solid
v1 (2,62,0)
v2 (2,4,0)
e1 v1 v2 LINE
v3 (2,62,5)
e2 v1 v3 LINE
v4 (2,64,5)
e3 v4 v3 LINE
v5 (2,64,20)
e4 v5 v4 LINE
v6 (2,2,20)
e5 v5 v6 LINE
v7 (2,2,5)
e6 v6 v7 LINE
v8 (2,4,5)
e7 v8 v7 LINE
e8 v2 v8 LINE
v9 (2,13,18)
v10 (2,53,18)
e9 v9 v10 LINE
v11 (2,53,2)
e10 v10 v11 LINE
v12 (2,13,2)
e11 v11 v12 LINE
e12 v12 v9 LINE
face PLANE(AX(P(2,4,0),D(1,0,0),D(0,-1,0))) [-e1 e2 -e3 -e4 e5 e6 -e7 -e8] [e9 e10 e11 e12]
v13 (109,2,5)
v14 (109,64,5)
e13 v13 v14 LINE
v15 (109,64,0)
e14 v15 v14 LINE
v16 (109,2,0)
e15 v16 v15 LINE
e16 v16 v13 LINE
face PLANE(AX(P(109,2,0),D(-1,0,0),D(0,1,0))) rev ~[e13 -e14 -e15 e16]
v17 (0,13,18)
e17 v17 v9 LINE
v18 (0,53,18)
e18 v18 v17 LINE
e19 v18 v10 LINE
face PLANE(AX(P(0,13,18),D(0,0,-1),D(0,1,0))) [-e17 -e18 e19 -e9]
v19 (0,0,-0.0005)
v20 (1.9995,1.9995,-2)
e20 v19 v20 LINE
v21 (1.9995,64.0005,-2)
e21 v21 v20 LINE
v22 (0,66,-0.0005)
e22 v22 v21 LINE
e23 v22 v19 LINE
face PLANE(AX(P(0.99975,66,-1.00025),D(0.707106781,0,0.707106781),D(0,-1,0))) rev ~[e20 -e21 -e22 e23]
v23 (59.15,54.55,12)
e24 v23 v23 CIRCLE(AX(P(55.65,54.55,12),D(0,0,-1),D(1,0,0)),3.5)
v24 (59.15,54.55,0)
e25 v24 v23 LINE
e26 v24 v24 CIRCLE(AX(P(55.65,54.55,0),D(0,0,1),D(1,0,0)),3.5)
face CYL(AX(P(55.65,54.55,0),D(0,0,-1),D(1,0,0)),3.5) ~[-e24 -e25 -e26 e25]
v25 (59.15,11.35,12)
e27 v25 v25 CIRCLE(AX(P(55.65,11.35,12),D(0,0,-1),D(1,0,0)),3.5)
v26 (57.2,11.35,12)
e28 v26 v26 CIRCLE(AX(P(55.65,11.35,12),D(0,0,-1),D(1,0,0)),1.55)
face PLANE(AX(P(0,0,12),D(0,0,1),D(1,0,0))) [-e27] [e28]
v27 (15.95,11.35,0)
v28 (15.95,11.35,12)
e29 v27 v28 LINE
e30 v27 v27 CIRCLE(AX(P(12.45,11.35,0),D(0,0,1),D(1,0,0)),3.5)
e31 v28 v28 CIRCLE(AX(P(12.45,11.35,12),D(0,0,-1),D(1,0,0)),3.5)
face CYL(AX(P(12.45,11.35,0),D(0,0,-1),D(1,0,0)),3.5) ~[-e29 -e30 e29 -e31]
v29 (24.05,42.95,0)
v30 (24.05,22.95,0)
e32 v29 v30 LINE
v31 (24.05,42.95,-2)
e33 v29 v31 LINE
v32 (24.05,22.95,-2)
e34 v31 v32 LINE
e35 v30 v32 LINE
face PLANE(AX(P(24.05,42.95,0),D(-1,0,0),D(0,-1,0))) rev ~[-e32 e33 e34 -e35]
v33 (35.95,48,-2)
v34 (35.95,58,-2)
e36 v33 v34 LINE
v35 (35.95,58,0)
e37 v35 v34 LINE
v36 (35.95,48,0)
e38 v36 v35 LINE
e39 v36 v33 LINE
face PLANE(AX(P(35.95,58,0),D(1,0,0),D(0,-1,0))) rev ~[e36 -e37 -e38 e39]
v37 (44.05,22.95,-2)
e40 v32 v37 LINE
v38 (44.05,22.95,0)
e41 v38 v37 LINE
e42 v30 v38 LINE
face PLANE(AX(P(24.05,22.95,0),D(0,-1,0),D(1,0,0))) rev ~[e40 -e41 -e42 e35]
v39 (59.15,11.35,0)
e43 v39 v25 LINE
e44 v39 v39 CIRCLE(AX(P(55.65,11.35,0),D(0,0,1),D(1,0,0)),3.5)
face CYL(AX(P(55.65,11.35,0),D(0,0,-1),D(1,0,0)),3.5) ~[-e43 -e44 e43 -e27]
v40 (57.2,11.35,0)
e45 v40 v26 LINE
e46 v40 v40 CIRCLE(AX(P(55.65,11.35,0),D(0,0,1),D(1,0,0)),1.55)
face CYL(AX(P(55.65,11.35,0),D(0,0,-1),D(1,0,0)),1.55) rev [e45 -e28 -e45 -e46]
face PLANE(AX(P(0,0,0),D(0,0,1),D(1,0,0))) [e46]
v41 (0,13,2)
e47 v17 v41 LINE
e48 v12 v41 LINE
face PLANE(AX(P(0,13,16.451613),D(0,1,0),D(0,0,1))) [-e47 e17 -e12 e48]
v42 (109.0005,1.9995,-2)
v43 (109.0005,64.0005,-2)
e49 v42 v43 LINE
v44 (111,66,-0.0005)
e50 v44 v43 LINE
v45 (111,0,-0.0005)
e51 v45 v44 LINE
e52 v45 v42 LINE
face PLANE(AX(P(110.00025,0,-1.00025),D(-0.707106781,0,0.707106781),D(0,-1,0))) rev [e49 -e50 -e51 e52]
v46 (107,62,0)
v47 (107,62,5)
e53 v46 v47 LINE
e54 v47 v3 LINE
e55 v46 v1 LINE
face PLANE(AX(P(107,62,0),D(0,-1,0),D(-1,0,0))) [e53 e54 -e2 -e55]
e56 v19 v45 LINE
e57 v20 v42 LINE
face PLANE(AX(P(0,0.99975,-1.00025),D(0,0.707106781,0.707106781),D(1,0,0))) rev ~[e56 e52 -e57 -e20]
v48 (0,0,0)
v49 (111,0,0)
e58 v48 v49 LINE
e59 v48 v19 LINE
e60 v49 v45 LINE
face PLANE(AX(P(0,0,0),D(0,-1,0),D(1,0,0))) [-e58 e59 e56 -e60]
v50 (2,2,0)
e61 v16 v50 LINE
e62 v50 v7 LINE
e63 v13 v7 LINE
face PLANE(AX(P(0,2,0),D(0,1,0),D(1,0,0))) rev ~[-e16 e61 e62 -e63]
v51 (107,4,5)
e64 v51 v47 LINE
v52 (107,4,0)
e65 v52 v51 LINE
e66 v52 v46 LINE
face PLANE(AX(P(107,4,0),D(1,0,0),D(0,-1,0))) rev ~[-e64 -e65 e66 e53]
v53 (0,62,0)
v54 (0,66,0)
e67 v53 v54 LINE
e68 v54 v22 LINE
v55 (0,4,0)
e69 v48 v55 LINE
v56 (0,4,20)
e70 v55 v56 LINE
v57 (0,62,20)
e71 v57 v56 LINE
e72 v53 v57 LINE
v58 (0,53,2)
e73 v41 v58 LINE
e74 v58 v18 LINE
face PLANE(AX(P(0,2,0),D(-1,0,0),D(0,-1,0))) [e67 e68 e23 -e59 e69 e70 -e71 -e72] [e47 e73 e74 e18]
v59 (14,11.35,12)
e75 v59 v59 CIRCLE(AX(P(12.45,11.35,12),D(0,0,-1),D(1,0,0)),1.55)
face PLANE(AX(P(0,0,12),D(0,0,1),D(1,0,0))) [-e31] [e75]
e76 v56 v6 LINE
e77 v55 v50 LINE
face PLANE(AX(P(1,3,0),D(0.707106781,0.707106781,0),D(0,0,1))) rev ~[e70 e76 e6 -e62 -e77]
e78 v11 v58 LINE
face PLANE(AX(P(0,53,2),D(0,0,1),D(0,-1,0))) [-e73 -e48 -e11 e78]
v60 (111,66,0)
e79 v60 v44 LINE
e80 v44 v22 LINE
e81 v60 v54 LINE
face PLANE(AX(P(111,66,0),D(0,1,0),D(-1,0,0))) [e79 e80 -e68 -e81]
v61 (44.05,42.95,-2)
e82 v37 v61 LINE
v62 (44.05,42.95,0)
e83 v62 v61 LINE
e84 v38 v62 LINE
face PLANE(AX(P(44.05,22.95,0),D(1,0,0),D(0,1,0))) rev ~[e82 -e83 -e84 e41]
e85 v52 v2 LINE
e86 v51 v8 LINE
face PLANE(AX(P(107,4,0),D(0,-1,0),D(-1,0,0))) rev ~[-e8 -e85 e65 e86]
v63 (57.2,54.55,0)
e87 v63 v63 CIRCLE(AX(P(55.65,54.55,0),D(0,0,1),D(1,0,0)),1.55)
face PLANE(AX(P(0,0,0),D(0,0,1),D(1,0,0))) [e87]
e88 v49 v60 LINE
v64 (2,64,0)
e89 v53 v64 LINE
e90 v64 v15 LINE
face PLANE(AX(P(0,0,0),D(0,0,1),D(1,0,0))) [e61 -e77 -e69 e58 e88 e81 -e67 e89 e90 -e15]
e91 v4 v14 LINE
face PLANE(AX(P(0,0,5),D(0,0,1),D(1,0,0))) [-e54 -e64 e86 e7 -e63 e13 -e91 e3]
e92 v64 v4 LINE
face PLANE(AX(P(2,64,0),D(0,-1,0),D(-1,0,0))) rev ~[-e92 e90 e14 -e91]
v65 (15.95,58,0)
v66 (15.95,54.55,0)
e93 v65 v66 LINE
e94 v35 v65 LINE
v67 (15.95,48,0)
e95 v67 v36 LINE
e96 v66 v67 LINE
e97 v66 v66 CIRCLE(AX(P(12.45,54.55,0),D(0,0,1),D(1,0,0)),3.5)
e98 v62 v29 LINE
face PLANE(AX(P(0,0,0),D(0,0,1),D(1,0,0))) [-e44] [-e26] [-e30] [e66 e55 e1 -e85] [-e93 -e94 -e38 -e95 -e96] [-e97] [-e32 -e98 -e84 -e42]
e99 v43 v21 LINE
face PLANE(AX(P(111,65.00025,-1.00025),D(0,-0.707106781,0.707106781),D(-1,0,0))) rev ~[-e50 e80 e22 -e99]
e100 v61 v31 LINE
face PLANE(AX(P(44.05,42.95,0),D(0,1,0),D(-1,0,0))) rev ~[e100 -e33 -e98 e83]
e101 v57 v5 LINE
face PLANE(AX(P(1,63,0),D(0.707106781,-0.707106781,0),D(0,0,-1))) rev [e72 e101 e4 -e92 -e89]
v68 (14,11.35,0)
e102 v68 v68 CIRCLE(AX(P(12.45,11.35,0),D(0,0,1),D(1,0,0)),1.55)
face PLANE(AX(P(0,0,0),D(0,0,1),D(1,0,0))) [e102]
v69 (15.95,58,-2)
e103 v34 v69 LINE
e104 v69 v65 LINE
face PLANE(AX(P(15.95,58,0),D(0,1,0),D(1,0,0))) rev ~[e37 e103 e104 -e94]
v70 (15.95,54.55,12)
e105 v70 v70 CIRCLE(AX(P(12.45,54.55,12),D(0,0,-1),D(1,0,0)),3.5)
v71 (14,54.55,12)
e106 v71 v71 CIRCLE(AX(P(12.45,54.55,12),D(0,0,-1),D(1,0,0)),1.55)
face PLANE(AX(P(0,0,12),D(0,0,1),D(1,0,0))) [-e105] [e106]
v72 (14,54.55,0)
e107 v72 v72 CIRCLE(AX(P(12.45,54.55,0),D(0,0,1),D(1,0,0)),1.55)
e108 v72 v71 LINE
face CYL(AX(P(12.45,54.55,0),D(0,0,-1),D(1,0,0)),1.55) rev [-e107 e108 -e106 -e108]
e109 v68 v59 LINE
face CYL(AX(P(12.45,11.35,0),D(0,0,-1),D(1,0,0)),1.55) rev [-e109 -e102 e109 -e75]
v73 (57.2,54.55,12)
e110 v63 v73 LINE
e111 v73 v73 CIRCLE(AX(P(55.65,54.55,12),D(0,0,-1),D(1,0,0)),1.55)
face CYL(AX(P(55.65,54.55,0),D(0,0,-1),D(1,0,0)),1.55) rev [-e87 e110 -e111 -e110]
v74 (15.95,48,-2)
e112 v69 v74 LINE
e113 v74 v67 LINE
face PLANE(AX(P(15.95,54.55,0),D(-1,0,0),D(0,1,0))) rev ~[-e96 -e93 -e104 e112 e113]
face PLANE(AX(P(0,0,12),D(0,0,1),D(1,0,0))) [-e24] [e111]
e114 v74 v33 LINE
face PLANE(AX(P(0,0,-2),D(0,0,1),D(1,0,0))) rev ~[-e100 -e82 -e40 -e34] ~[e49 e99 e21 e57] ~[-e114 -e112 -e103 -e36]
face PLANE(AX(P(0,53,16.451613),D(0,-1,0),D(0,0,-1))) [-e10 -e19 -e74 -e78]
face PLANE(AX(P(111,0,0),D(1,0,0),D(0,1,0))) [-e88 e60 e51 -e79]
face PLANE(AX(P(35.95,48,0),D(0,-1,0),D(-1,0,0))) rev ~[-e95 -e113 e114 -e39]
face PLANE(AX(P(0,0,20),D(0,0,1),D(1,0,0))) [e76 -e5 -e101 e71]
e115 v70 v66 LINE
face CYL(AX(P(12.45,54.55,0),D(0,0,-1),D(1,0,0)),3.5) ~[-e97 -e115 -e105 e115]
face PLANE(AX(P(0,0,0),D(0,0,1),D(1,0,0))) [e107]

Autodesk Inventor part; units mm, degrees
ref_plane "YZ Plane" through (0, 0, 0) normal (1, 0, 0) x (0, 1, 0)
ref_plane "XZ Plane" through (0, 0, 0) normal (0, 1, 0) x (-1, 0, 0)
ref_plane "XY Plane" through (0, 0, 0) normal (0, 0, 1) x (1, 0, 0)
sketch "Sketch1" plane through (0, 0, 0) normal (0, 0, 1) x (1, 0, 0)
  line L0 (0, 0) -> (111, 0)
  line L1 (111, 0) -> (111, 66)
  line L2 (111, 66) -> (0, 66)
  line L3 (0, 66) -> (0, 0)
  line L4 (2, 2) -> (109, 2)
  line L5 (109, 2) -> (109, 64)
  line L6 (109, 64) -> (2, 64)
  line L7 (2, 64) -> (2, 2)
  line L8 (2, 64) -> (107, 64)
  line L9 (107, 64) -> (107, 2)
  line L10 (107, 2) -> (2, 2)
  line L11 (2, 2) -> (2, 64)
  line L12 (2, 64) -> (0, 64)
  line L13 (0, 64) -> (0, 2)
  line L14 (0, 2) -> (2, 2)
  line L15 (2, 2) -> (2, 64)
  line L16 (2, 64) -> (107, 64)
  line L17 (107, 64) -> (107, 62)
  line L18 (107, 62) -> (2, 62)
  line L19 (2, 62) -> (2, 64)
  line L20 (2, 2) -> (107, 2)
  line L21 (107, 2) -> (107, 4)
  line L22 (107, 4) -> (2, 4)
  line L23 (2, 4) -> (2, 2)
  point P0 (2, 64)
  point P1 (2, 2)
  point P2 (107, 2)
  point P3 (2, 4)
  point P4 (2, 62)
  dimension "d0" = 111
  dimension "d1" = 66
  dimension "d2" = 107
  dimension "d3" = 2
  dimension "d4" = 2
  dimension "d5" = 62
  dimension "d6" = 105
  dimension "d8" = 0
  dimension "d9" = 0
  dimension "d10" = 0
  dimension "d56" = 105
  dimension "d57" = 2
  dimension "d58" = 105
  dimension "d59" = 2
extrude "Extrusion1" add sketch "Sketch1" against normal blind 2
extrude "Extrusion2" add sketch "Sketch1" along normal blind 5 contours L9 L6 L5 L4
extrude "Extrusion3" add sketch "Sketch1" along normal blind 20 contours L3 L12 L7 L14
sketch "Sketch2" plane through (0, 0, 0) normal (0, 0, 1) x (1, 0, 0)
  line L0 (9, 58) -> (59, 58)
  line L1 (59, 58) -> (59, 8)
  line L2 (59, 8) -> (9, 8)
  line L3 (9, 8) -> (9, 58)
  line L4 (0, 64) -> (0, 2) projected
  line L5 (2, 64) -> (107, 64) projected
  line L6 (12.45, 54.55) -> (55.65, 54.55)
  line L7 (55.65, 54.55) -> (55.65, 11.35)
  line L8 (55.65, 11.35) -> (12.45, 11.35)
  line L9 (12.45, 11.35) -> (12.45, 54.55)
  circle A0 centre (12.45, 54.55) radius 1.55
  circle A1 centre (55.65, 54.55) radius 1.55
  circle A2 centre (12.45, 11.35) radius 1.55
  circle A3 centre (55.65, 11.35) radius 1.55
  circle A4 centre (12.45, 54.55) radius 3.5
  circle A5 centre (55.65, 54.55) radius 3.5
  circle A6 centre (55.65, 11.35) radius 3.5
  circle A7 centre (12.45, 11.35) radius 3.5
  line L10 (15.95, 18) -> (35.95, 18)
  line L11 (35.95, 18) -> (35.95, 8)
  line L12 (35.95, 8) -> (15.95, 8)
  line L13 (15.95, 8) -> (15.95, 18)
  line L14 (12.45, 54.55) -> (55.65, 11.35)
  line L15 (55.65, 54.55) -> (12.45, 11.35)
  line L16 (24.05, 22.95) -> (44.05, 22.95)
  line L17 (44.05, 22.95) -> (44.05, 42.95)
  line L18 (44.05, 42.95) -> (24.05, 42.95)
  line L19 (24.05, 42.95) -> (24.05, 22.95)
  line L20 (24.05, 22.95) -> (44.05, 42.95) construction
  line L21 (44.05, 22.95) -> (24.05, 42.95) construction
  line L22 (15.95, 58) -> (35.95, 58)
  line L23 (35.95, 58) -> (35.95, 48)
  line L24 (35.95, 48) -> (15.95, 48)
  line L25 (15.95, 48) -> (15.95, 58)
  point P0 (0, 0)
  point P1 (13.0395, 58)
  point P2 (11.8605, 58)
  point P3 (9, 55.1395)
  point P4 (9, 53.9605)
  point P5 (9, 11.9395)
  point P6 (9, 10.7605)
  point P7 (11.4363, 8)
  point P8 (13.4637, 8)
  point P9 (54.6363, 8)
  point P10 (56.6637, 8)
  point P11 (59, 10.3363)
  point P12 (59, 12.3637)
  point P13 (59, 53.5363)
  point P14 (59, 55.5637)
  point P15 (56.2395, 58)
  point P16 (55.0605, 58)
  point P17 (34.05, 32.95)
  dimension "d19" = 50
  dimension "d20" = 50
  dimension "d21" = 9
  dimension "d22" = 6
  dimension "d23" = 43.2
  dimension "d24" = 43.2
  dimension "d25" = 3.45
  dimension "d26" = 3.45
  dimension "d27" = 3.1
  dimension "d28" = 3.1
  dimension "d29" = 3.1
  dimension "d30" = 3.1
  dimension "d31" = 7
  dimension "d32" = 7
  dimension "d33" = 7
  dimension "d34" = 7
  dimension "d47" = 20
  dimension "d48" = 0
  dimension "d49" = 10
  dimension "d50" = 20
  dimension "d51" = 20
  dimension "d65" = 20
  dimension "d66" = 10
  dimension "d67" = 0
extrude "Extrusion5" add sketch "Sketch2" along normal blind 12 contours A4 L6 A0 L9 L3 L0 | L0 A4 | A4 L14 A0 L6 | A5 L0 | L0 A5 L1 L7 A1 L6 | A4 L9 A0 L14 | L6 A1 L15 A5 | L3 A4 | A5 L1 | L15 A1 L7 A5 | A7 L15 A2 L9 | L9 A2 L8 A7 L2 L3 | L3 A7 | A7 L8 A2 L15 | A6 L1 | L1 A6 L2 L8 A3 L7 | L7 A3 L14 A6 | L14 A3 L8 A6 | L2 A7 | A6 L2
chamfer "Chamfer1" distance 2 angle 45 4 edges at (55.5, 66, -2) (0, 33, -2) (55.5, 0, -2) (111, 33, -2)
sketch "Sketch3" plane through (0, 2, 20) normal (-1, 0, 0) x (0, 0, 1)
  line L0 (-20, 62) -> (0, 62) projected
  line L1 (-20, 62) -> (-20, 0) projected
  line L2 (0, 62) -> (-20, 0)
  line L3 (0, 62) -> (0, 0) projected
  line L4 (0, 0) -> (-20, 62)
  line L5 (-2, 51) -> (-18, 51)
  line L6 (-18, 51) -> (-18, 11)
  line L7 (-18, 11) -> (-2, 11)
  line L8 (-2, 11) -> (-2, 51)
  line L9 (-2, 51) -> (-18, 11) construction
  line L10 (-18, 51) -> (-2, 11) construction
  point P0 (-20, -2)
  point P1 (-15, 62)
  point P2 (-10, 31)
  dimension "d43" = 16
  dimension "d44" = 40
extrude "Extrusion6" cut sketch "Sketch3" along normal mid plane 10 contours L5 L2 L4 | L4 L2 L7 L6 L5 | L5 L8 L7 L4 L2 | L2 L4 L7
extrude "Extrusion7" cut sketch "Sketch2" against normal blind 10 contours L18 L15 L14 | L14 L15 L19 | L17 L14 L15 | L14 L16 L15
extrude "Extrusion9" add sketch "Sketch1" along normal blind 5 contours L7 L22 L9 L4 | L6 L9 L18 L7
chamfer "Chamfer3" distance 2 angle 45 2 edges at (0, 2, 10) (0, 64, 10)
extrude "Extrusion10" cut sketch "Sketch2" along normal mid plane 10 contours L0 L23 L6 L25 | L6 L23 L24 L14 L25 | L14 L24 L25
equation "\"d0\" = capLength"
equation "\"d1\" = capWidth"
equation "\"d2\" = capLength - 2 * wallWidth"
equation "\"d3\" = wallWidth"
equation "\"d4\" = wallWidth"
equation "\"d5\" = capWidth - 2 * wallWidth"
equation "\"d6\" = capLength - 3 * wallWidth"
equation "\"d56\" = capLength - 3 * wallWidth"
equation "\"d57\" = wallWidth"
equation "\"d58\" = capLength - 3 * wallWidth"
equation "\"d59\" = wallWidth"
equation "\"d11\" = wallWidth"
equation "\"d13\" = wallsHeight"
equation "\"d15\" = height"
equation "\"d19\" = PCBWidth"
equation "\"d20\" = PCBWidth"
equation "\"d21\" = connectorsLength"
equation "\"d22\" = -0.5 * PCBWidth + 0.5 * capWidth - wallWidth"
equation "\"d23\" = widthBetweenHoles"
equation "\"d24\" = widthBetweenHoles"
equation "\"d25\" = holesDistance"
equation "\"d26\" = holesDistance"
equation "\"d27\" = dHoles"
equation "\"d28\" = dHoles"
equation "\"d29\" = dHoles"
equation "\"d30\" = dHoles"
equation "\"d31\" = dBonks"
equation "\"d32\" = dBonks"
equation "\"d33\" = dBonks"
equation "\"d34\" = dBonks"
equation "\"d47\" = cutoutLength"
equation "\"d49\" = cutoutWidth"
equation "\"d50\" = switchersWidth"
equation "\"d51\" = switchersWidth"
equation "\"d65\" = cutoutLength"
equation "\"d66\" = cutoutWidth"
equation "\"d43\" = hWindow"
equation "\"d44\" = wWindow"
equation "\"d60\" = wallsHeight"
equation "\"capWidth\" = 66"
equation "\"capLength\" = 111"
equation "\"wallWidth\" = 2"
equation "\"wallsHeight\" = 5"
equation "\"height\" = 20"
equation "\"dHoles\" = 3.1"
equation "\"dBonks\" = 7"
equation "\"PCBWidth\" = 50"
equation "\"connectorsLength\" = 9"
equation "\"widthBetweenHoles\" = 43.2"
equation "\"holesDistance\" = 3.45"
equation "\"hWindowCenter\" = 8"
equation "\"hWindow\" = 16"
equation "\"wWindow\" = 40"
equation "\"cutoutLength\" = 20"
equation "\"cutoutWidth\" = 10"
equation "\"switchersWidth\" = 20"
properties part number "Cap"
